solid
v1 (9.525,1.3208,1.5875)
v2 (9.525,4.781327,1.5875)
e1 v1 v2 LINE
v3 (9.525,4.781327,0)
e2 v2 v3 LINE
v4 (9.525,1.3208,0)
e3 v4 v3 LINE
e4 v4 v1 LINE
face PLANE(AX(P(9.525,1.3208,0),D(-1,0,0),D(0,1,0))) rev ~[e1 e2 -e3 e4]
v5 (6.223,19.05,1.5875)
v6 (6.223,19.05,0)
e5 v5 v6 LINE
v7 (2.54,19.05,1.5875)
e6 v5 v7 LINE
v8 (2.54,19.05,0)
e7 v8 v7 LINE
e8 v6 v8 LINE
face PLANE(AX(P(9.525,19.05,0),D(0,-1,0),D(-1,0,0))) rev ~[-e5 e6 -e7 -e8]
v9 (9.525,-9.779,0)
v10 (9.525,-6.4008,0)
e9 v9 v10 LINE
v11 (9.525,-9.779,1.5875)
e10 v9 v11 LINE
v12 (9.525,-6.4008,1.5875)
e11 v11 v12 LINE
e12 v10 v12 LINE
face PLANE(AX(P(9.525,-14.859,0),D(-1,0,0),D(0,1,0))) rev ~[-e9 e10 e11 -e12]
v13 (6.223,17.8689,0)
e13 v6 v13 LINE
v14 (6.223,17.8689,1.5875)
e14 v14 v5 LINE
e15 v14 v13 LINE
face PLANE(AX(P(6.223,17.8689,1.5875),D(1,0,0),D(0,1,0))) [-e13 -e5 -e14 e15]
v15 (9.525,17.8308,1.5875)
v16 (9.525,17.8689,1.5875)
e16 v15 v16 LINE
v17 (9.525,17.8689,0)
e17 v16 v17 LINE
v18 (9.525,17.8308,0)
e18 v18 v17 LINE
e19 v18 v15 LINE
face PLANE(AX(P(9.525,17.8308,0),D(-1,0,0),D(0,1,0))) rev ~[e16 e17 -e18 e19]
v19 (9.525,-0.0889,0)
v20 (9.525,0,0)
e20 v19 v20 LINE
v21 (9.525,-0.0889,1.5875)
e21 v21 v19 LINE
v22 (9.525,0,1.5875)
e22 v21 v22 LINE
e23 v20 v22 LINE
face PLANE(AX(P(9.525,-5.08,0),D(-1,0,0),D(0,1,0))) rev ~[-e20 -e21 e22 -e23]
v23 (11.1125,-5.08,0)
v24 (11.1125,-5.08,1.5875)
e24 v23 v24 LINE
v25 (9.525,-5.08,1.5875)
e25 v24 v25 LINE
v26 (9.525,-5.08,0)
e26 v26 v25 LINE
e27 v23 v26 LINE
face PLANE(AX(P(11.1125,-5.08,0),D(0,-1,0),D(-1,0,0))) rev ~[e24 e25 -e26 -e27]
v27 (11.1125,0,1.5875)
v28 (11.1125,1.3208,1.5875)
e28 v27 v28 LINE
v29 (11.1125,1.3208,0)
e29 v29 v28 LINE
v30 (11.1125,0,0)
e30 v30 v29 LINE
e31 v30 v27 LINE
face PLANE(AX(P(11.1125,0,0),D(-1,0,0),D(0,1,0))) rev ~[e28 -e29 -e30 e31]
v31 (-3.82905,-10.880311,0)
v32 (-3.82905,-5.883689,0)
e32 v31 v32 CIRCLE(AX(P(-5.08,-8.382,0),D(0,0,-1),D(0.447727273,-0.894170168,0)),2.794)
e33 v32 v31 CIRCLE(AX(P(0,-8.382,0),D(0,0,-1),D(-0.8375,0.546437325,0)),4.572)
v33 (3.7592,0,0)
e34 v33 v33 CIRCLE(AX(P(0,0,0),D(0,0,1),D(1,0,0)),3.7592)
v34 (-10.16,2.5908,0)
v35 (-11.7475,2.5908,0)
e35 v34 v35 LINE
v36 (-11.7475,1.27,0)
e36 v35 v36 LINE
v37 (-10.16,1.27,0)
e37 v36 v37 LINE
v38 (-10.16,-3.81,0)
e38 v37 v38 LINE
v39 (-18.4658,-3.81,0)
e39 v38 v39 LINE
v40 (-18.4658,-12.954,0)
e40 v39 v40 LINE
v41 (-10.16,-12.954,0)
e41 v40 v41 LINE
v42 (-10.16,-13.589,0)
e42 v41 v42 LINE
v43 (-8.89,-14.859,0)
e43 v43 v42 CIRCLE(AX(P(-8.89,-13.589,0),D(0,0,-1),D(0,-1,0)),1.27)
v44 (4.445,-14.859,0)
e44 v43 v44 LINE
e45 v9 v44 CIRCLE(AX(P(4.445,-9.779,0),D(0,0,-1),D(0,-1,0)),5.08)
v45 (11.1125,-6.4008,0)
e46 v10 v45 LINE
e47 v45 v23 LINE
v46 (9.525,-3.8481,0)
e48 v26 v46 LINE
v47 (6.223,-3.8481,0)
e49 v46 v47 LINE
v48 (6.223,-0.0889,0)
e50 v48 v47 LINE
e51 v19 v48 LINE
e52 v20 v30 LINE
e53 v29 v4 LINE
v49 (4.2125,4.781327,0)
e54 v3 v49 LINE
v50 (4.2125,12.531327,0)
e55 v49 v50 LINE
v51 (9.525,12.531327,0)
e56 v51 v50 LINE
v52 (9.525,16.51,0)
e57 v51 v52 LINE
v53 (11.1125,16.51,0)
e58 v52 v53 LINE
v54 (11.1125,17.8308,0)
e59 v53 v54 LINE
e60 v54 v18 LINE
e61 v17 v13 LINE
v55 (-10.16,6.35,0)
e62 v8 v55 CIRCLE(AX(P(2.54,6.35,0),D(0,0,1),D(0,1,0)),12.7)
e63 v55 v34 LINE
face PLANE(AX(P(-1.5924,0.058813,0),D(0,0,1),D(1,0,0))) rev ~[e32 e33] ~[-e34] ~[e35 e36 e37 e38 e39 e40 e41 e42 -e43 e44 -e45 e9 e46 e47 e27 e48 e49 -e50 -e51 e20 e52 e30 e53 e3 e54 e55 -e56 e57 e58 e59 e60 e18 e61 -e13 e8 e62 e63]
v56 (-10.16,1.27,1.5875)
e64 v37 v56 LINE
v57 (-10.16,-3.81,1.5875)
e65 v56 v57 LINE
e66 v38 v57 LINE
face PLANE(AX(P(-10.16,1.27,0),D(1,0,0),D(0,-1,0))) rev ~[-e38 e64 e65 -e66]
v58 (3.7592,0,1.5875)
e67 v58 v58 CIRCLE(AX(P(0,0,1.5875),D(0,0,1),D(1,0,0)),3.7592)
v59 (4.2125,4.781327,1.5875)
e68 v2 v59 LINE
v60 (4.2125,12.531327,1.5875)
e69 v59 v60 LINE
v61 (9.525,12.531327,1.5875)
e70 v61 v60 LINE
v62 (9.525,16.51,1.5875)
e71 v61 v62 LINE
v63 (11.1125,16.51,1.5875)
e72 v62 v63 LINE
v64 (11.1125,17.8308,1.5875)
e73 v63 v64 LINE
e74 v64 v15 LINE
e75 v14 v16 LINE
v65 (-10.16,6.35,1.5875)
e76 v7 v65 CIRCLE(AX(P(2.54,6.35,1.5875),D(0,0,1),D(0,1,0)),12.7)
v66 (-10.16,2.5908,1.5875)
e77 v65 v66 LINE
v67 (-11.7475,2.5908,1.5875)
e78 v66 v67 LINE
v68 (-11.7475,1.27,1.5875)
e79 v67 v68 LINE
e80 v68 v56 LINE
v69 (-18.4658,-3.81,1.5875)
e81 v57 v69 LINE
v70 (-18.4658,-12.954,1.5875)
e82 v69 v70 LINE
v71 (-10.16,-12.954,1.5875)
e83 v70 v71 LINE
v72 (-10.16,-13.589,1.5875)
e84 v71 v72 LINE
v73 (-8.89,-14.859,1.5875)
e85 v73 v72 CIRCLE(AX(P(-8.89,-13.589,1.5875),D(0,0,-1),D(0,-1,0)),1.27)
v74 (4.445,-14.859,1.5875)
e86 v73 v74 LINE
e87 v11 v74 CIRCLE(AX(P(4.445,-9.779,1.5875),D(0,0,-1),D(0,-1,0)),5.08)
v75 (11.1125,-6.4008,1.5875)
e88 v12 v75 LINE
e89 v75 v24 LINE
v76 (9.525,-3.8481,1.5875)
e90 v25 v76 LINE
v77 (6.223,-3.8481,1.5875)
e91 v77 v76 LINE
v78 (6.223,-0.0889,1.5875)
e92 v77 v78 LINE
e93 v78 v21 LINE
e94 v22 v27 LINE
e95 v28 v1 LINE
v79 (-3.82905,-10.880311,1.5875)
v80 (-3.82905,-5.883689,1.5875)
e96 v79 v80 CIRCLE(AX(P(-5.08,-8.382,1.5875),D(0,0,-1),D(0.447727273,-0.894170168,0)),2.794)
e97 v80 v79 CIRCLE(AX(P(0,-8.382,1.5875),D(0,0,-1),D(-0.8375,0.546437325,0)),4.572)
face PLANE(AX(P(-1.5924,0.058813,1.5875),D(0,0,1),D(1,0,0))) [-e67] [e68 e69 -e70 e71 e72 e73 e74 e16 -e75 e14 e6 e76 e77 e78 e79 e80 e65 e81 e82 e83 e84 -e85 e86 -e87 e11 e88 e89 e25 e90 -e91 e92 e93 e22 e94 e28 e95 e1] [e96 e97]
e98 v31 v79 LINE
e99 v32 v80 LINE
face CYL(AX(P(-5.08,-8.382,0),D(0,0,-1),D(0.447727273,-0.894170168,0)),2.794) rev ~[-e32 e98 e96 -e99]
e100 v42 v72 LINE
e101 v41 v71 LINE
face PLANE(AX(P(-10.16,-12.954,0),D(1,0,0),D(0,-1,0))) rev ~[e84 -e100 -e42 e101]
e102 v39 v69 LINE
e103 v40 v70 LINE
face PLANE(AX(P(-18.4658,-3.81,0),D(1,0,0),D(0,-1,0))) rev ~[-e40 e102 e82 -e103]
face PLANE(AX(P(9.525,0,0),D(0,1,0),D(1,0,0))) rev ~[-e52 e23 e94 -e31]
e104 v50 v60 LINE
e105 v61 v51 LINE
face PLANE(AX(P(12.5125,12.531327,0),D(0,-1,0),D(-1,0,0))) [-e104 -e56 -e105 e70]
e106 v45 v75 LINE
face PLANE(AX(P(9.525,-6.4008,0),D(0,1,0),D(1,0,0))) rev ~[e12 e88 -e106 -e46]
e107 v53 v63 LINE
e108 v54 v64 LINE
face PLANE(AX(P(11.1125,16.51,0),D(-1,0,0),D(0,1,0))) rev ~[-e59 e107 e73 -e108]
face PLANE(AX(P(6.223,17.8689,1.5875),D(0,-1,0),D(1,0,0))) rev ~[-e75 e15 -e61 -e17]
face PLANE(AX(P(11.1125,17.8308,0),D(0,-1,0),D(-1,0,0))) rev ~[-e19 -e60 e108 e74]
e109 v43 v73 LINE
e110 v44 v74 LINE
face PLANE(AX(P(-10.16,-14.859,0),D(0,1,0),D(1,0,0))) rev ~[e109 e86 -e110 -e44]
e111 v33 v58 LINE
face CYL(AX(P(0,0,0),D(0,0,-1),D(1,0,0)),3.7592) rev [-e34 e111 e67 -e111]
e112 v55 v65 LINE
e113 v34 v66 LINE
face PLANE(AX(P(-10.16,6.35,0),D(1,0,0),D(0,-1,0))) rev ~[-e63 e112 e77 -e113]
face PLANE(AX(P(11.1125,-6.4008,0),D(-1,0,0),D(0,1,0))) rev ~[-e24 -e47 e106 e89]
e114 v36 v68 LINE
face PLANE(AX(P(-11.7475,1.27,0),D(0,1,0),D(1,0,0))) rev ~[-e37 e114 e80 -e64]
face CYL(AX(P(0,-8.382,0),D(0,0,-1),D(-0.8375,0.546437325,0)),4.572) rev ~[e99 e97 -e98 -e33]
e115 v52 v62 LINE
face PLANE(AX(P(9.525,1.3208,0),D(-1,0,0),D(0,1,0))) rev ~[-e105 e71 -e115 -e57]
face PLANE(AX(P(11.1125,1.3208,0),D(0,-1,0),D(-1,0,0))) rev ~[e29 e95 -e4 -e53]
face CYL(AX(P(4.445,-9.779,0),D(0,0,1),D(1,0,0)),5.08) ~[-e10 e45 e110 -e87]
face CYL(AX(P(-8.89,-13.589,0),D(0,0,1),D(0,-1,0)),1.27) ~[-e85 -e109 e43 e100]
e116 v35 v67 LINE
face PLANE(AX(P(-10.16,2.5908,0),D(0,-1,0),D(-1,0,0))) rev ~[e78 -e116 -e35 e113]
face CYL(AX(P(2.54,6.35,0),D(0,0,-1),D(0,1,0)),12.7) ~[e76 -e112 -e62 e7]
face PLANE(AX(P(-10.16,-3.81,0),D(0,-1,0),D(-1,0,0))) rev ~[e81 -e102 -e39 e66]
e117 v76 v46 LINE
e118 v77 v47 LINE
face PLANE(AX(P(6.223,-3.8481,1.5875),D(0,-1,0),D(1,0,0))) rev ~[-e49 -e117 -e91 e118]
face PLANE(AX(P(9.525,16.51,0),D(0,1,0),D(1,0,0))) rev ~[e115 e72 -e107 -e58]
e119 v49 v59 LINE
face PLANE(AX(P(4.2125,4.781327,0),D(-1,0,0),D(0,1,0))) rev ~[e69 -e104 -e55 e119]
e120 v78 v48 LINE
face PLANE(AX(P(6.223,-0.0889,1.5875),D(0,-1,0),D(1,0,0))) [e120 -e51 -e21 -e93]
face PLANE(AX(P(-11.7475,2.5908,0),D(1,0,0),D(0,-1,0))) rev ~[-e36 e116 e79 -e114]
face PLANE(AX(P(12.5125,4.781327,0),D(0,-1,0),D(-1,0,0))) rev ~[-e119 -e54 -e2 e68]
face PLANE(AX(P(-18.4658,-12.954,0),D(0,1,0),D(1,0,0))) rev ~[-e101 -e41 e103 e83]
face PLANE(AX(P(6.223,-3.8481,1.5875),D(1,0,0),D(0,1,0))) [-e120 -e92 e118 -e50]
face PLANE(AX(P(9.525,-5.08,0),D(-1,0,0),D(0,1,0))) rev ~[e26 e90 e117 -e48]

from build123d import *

# Parameters (mm, degrees)
SKETCH1_R           = 3.7592
BOSS_EXTRUDE1_DEPTH = 1.5875
CUT_EXTRUDE1_REACH  = 28.578
SKETCH2_W           = 3.302
SKETCH2_H           = 3.7592
CUT_EXTRUDE2_REACH  = 28.578
SKETCH3_W           = 8.3
SKETCH3_H           = 7.75
FILLET1_R           = 5.08
FILLET2_R           = 1.27


with BuildPart() as part:
    # Sketch1 → Boss-Extrude1 (new body)
    with BuildSketch(Plane.XY):
        with BuildLine():
            Line((11.1125, 17.8308), (9.525, 17.8308))
            Line((9.525, 17.8308), (9.525, 19.05))
            Line((9.525, 19.05), (2.54, 19.05))
            ThreePointArc((2.54, 19.05), (-6.440256121, 15.330256121), (-10.16, 6.35))
            Line((-10.16, 6.35), (-10.16, 2.5908))
            Line((-10.16, 2.5908), (-11.7475, 2.5908))
            Line((-11.7475, 2.5908), (-11.7475, 1.27))
            Line((-11.7475, 1.27), (-10.16, 1.27))
            Line((-10.16, 1.27), (-10.16, -3.81))
            Line((-10.16, -3.81), (-18.4658, -3.81))
            Line((-18.4658, -3.81), (-18.4658, -12.954))
            Line((-18.4658, -12.954), (-10.16, -12.954))
            Line((-10.16, -12.954), (-10.16, -14.859))
            Line((-10.16, -14.859), (9.525, -14.859))
            Line((9.525, -14.859), (9.525, -6.4008))
            Line((9.525, -6.4008), (11.1125, -6.4008))
            Line((11.1125, -6.4008), (11.1125, -5.08))
            Line((11.1125, -5.08), (9.525, -5.08))
            Line((9.525, -5.08), (9.525, 0))
            Line((9.525, 0), (11.1125, 0))
            Line((11.1125, 0), (11.1125, 1.3208))
            Line((11.1125, 1.3208), (9.525, 1.3208))
            Line((9.525, 1.3208), (9.525, 16.51))
            Line((9.525, 16.51), (11.1125, 16.51))
            Line((11.1125, 16.51), (11.1125, 17.8308))
        make_face()
        Circle(SKETCH1_R, mode=Mode.SUBTRACT)
        with BuildLine():
            ThreePointArc((-3.82905, -5.883688551), (4.572, -8.382), (-3.82905, -10.880311449))
            ThreePointArc((-3.82905, -10.880311449), (-7.874, -8.382), (-3.82905, -5.883688551))
        make_face(mode=Mode.SUBTRACT)
    extrude(amount=BOSS_EXTRUDE1_DEPTH)

    # Sketch2 → Cut-Extrude1 (cut, up to next)
    with BuildSketch(Plane.XY.offset(1.5875), mode=Mode.PRIVATE) as cut_extrude1_sk1:
        with Locations((7.874, -1.9685)):
            Rectangle(SKETCH2_W, SKETCH2_H)
    cut_extrude1_tool1 = extrude(cut_extrude1_sk1.sketch, amount=-CUT_EXTRUDE1_REACH, mode=Mode.PRIVATE) & part.part
    # Sketch2 → Cut-Extrude1 (cut, up to next)
    with BuildSketch(Plane.XY.offset(1.5875), mode=Mode.PRIVATE) as cut_extrude1_sk2:
        with Locations((7.874, 19.7485)):
            Rectangle(SKETCH2_W, SKETCH2_H)
    cut_extrude1_tool2 = extrude(cut_extrude1_sk2.sketch, amount=-CUT_EXTRUDE1_REACH, mode=Mode.PRIVATE) & part.part
    add(cut_extrude1_tool1.solids().sort_by_distance((7.874, -1.9685, 1.5875))[0], mode=Mode.SUBTRACT)
    add(cut_extrude1_tool2.solids().sort_by_distance((7.874, 19.7485, 1.5875))[0], mode=Mode.SUBTRACT)

    # Sketch3 → Cut-Extrude2 (cut, up to next)
    with BuildSketch(Plane(origin=(0, 0, 0), x_dir=(-1, 0, 0), z_dir=(0, 0, -1)), mode=Mode.PRIVATE) as cut_extrude2_sk1:
        with Locations((-8.3625, 8.656327373)):
            Rectangle(SKETCH3_W, SKETCH3_H)
    cut_extrude2_tool1 = extrude(cut_extrude2_sk1.sketch, amount=-CUT_EXTRUDE2_REACH, mode=Mode.PRIVATE) & part.part
    add(cut_extrude2_tool1.solids().sort_by_distance((8.3625, 8.656327, 0))[0], mode=Mode.SUBTRACT)

    # Fillet1
    fillet1_edges = [part.edges().sort_by_distance(p)[0] for p in [
        (9.525, -14.859, 0.79375),
    ]]
    fillet(fillet1_edges, radius=FILLET1_R)

    # Fillet2
    fillet2_edges = [part.edges().sort_by_distance(p)[0] for p in [
        (-10.16, -14.859, 0.79375),
    ]]
    fillet(fillet2_edges, radius=FILLET2_R)


solid = part.part
